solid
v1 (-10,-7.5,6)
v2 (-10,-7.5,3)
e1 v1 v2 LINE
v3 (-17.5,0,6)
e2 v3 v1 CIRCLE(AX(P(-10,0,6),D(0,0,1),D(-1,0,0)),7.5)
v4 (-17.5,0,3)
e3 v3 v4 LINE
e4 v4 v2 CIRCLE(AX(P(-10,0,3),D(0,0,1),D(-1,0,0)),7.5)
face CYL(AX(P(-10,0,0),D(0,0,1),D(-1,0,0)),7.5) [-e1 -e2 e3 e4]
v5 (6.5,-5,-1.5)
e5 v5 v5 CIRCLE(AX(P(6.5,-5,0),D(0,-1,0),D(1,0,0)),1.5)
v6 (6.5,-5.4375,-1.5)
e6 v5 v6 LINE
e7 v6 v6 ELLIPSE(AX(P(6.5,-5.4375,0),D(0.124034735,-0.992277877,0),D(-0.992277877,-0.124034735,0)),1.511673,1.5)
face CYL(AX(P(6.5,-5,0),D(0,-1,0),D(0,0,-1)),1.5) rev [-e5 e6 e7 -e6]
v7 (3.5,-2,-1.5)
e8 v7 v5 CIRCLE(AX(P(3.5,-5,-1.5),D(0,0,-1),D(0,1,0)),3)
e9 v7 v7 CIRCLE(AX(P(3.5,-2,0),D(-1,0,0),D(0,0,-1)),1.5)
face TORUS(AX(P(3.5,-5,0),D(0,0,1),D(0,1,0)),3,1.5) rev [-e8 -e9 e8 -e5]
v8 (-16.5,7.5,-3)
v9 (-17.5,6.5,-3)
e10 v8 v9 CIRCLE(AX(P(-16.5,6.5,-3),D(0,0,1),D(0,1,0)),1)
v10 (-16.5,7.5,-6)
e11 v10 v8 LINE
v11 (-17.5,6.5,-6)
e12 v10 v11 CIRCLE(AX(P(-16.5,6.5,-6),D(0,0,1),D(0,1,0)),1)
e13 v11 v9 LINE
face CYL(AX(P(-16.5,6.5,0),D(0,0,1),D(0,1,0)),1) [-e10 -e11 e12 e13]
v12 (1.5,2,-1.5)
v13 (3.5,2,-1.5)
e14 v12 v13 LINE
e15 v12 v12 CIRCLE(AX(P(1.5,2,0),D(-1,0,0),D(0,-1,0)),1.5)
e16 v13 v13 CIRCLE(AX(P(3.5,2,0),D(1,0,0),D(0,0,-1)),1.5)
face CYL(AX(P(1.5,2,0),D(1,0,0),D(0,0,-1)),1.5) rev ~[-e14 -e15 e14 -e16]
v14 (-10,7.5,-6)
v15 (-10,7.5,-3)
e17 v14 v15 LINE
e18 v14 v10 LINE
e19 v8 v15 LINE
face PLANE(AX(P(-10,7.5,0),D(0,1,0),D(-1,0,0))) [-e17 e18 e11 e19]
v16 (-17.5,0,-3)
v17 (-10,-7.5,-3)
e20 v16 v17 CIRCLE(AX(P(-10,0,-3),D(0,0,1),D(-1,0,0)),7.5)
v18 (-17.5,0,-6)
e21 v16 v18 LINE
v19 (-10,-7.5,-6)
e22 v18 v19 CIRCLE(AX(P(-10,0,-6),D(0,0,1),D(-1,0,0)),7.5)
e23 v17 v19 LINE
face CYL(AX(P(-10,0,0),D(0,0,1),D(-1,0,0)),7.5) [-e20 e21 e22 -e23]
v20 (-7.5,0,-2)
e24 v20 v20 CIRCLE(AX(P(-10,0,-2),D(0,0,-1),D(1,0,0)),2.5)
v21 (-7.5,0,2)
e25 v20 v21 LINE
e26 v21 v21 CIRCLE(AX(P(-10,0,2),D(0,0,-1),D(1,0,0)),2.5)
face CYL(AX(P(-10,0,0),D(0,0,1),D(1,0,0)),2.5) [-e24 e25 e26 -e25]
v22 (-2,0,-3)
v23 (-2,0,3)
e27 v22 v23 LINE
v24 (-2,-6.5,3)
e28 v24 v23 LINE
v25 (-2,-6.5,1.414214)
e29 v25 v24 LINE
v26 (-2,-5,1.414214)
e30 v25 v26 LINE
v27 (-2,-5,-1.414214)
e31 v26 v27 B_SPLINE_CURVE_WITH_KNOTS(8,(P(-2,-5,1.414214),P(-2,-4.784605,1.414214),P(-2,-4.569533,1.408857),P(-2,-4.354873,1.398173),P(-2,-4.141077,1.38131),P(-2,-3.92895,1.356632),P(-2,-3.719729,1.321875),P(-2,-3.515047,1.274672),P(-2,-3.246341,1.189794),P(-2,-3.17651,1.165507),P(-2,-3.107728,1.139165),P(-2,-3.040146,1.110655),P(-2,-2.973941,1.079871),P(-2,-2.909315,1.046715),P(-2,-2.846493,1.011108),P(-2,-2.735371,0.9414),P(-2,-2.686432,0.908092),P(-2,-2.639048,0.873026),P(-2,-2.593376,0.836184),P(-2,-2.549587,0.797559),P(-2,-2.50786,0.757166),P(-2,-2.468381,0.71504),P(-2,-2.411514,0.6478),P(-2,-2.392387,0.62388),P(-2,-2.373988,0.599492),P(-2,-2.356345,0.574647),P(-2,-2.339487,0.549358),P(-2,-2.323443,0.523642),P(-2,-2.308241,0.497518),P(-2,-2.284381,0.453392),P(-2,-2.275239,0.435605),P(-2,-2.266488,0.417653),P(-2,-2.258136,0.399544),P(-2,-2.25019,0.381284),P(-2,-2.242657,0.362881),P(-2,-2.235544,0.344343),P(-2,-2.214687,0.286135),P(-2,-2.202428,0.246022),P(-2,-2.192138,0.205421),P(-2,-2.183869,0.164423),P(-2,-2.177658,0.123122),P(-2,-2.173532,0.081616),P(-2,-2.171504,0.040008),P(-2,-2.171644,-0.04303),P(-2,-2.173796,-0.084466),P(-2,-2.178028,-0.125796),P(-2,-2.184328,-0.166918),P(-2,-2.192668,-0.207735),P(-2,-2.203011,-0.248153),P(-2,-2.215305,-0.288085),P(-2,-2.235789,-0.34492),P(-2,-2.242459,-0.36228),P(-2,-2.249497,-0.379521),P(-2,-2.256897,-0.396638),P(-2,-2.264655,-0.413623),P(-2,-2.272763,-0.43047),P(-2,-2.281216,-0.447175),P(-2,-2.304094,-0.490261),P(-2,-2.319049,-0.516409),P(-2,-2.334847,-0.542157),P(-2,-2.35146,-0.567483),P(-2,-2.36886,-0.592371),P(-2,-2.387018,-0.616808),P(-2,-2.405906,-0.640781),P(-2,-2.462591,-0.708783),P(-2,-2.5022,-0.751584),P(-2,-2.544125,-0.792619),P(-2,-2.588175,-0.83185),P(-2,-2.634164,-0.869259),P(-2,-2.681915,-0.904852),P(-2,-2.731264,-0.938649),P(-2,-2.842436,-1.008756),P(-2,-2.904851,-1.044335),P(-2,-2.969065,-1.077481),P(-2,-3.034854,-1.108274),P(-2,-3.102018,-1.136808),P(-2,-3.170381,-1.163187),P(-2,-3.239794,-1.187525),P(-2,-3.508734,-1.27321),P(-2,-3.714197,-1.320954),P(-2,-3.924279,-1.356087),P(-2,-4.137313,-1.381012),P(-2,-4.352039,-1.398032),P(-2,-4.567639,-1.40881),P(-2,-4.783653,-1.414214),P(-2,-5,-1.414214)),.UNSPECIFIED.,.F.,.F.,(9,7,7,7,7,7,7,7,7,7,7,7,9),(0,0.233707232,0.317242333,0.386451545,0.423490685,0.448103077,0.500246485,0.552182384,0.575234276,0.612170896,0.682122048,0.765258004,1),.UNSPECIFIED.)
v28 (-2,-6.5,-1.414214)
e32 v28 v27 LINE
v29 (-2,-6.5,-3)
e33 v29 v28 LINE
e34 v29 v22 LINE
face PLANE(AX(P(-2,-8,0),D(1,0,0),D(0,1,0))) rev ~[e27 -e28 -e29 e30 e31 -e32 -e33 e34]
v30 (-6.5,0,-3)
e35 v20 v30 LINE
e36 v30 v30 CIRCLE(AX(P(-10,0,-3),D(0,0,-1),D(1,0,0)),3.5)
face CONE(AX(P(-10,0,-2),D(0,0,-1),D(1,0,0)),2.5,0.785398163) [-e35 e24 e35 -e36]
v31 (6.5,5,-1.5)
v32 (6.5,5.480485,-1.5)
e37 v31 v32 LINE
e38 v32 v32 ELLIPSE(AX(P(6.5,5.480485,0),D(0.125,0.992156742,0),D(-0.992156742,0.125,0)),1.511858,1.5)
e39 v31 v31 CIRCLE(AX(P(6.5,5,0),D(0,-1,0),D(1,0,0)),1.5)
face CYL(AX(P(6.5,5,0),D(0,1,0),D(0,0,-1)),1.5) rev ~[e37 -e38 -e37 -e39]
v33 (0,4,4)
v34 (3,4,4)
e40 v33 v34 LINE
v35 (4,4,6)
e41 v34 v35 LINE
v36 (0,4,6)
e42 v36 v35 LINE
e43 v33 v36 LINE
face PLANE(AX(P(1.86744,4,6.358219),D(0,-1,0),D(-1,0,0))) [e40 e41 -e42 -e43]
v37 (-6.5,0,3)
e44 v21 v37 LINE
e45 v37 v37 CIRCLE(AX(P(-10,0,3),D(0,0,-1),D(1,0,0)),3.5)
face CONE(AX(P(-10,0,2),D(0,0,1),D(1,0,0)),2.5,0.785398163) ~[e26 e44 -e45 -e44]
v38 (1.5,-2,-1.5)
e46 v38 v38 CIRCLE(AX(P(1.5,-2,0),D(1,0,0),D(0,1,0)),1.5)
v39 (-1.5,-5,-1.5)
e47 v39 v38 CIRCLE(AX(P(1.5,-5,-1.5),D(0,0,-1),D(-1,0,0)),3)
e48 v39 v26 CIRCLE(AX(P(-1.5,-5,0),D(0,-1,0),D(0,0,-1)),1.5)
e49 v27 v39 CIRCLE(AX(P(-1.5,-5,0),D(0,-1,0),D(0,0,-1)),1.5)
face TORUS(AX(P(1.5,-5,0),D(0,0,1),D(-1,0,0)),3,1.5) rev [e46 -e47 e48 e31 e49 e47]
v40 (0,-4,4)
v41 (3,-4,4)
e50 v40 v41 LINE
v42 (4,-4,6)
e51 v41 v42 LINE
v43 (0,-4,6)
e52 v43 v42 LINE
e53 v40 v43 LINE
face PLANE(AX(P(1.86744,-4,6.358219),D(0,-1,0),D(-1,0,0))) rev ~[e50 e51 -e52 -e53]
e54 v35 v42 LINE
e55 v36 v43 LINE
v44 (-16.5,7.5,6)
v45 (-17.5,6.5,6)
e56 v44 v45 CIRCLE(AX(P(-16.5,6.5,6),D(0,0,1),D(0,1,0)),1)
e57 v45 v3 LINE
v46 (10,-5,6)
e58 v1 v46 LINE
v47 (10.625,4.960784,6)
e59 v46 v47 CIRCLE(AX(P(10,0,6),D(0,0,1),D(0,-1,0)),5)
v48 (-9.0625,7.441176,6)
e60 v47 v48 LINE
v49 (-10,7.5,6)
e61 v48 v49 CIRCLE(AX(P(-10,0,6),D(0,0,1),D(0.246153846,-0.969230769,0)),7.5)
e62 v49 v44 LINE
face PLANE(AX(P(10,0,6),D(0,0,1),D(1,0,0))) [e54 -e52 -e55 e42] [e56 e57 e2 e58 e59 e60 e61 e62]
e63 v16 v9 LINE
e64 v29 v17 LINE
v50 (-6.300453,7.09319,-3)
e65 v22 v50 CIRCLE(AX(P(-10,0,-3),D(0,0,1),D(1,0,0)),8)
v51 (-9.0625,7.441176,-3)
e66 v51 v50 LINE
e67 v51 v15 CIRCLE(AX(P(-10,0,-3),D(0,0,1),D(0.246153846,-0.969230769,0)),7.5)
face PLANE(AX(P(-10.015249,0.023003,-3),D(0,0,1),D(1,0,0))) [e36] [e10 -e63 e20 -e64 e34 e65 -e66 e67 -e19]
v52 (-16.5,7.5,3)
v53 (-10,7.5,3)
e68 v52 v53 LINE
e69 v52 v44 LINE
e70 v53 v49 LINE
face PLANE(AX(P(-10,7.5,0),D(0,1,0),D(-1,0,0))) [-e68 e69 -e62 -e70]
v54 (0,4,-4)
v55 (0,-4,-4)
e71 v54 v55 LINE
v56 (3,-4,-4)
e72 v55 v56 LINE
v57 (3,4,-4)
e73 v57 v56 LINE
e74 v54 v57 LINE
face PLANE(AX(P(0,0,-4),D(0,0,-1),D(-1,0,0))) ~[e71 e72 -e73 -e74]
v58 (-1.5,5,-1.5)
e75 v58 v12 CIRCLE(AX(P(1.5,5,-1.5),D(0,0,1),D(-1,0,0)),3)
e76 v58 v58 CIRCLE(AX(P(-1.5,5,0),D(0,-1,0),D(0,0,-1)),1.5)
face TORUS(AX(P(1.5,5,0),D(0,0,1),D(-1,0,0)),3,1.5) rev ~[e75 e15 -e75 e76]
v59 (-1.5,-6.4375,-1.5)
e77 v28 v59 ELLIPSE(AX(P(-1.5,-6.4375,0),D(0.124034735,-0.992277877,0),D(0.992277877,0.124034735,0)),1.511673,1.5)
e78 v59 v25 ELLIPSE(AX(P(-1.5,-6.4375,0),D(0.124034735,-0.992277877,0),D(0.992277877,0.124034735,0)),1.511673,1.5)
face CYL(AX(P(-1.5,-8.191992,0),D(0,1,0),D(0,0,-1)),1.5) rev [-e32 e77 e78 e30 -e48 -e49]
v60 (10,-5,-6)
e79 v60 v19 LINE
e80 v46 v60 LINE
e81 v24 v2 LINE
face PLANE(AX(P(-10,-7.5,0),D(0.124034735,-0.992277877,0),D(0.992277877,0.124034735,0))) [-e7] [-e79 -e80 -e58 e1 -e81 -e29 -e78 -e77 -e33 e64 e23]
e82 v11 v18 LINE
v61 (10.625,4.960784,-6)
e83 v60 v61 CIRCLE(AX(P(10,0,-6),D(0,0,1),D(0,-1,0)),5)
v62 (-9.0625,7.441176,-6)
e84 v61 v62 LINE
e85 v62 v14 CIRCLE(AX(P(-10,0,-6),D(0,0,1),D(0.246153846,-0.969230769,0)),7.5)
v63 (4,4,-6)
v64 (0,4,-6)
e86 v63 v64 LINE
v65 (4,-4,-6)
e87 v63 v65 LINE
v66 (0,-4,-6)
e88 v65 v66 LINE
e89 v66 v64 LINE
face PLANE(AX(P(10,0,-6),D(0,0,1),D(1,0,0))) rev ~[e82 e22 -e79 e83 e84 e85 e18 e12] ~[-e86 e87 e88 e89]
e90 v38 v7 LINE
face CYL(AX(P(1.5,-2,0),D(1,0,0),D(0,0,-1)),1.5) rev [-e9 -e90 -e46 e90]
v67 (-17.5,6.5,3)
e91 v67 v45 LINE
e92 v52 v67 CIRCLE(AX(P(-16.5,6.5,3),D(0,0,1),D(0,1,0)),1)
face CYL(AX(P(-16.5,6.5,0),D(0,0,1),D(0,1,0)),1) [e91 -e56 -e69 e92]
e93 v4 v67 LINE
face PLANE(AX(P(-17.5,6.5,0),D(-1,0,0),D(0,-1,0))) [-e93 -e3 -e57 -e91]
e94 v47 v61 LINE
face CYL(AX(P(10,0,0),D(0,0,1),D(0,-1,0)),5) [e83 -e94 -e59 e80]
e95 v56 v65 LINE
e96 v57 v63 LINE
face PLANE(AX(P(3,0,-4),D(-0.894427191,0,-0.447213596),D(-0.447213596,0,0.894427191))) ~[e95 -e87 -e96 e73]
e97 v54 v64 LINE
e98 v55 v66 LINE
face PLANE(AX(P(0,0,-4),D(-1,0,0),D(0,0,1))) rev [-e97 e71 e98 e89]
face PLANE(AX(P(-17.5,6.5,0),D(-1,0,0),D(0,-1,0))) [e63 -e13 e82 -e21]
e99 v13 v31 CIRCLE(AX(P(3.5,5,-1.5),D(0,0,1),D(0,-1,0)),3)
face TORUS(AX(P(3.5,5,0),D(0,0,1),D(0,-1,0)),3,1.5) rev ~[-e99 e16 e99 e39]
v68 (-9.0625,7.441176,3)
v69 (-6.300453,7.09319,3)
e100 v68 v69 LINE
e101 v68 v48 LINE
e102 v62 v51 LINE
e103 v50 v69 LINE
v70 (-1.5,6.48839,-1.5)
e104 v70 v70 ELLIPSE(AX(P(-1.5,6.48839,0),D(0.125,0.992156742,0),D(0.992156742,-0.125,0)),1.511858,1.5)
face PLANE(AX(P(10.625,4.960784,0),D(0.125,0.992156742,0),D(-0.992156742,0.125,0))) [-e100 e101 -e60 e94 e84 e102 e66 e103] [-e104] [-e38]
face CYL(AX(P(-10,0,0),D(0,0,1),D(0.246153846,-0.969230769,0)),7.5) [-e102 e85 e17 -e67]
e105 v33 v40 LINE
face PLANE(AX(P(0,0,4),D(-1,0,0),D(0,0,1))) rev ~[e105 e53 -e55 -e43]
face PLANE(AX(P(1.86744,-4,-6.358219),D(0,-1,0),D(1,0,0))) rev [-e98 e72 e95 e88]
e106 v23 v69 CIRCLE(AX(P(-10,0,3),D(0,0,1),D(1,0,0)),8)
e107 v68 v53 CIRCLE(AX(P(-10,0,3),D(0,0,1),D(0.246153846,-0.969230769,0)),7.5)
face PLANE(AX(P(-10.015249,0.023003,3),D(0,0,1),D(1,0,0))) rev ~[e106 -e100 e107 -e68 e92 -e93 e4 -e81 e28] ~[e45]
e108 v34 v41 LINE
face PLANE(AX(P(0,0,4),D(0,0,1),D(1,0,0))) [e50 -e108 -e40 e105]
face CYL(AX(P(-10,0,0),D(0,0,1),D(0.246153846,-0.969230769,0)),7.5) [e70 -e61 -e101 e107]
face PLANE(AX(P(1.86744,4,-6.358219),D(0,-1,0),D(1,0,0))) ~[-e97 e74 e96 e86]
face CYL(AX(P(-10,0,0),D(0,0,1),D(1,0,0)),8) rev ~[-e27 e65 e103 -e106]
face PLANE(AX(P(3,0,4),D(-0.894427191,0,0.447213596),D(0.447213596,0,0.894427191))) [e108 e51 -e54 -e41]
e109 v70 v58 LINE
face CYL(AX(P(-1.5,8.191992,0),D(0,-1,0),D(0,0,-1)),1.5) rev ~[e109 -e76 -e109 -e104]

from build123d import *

# Parameters (mm, degrees)
BOSS_EXTRUDE1_DEPTH  = 6
SKETCH1_3_R          = 2.5000000000000004
BOSS_EXTRUDE2_DEPTH  = 6
BOSS_EXTRUDE3_DEPTH  = 6
CUT_EXTRUDE3_DEPTH   = 3
CUT_SWEEP5_PROFILE_R = 1.5
SKETCH1_7_R          = 2.5000000000000004
BOSS_EXTRUDE4_DEPTH  = 6
CHAMFER1_SIZE        = 1
CUT_EXTRUDE4_DEPTH   = 4


with BuildPart() as part:
    # Sketch1 → Boss-Extrude1 (new, symmetric)
    with BuildSketch(Plane.XY):
        with BuildLine():
            Line((10.624999999999998, 4.960783708246109), (-9.062500000000002, 7.4411755623691604))
            ThreePointArc((-9.062499999999998, 7.4411755623691604), (-2.514267183902718, 0.46238966900684386), (-8.153846153846445, -7.269230769230843))
            Line((-8.153846153846452, -7.2692307692308065), (10, -5))
            ThreePointArc((10.000000000000004, -4.999999999999998), (5.009813703816735, 0.31311456271583826), (10.625, 4.9607837082461055))
        make_face()
    extrude(amount=BOSS_EXTRUDE1_DEPTH, both=True)

    # Sketch1<3> → Boss-Extrude2 (add, symmetric)
    with BuildSketch(Plane.XY):
        with BuildLine():
            ThreePointArc((-8.153846153846445, -7.269230769230843), (-2.514267183902718, 0.46238966900684386), (-9.062499999999998, 7.4411755623691604))
            ThreePointArc((-9.062499999999998, 7.4411755623691604), (-9.530328155926242, 7.4852794442749), (-9.999999999999998, 7.5))
            Line((-10, 7.5), (-16.499999999999993, 7.5))
            ThreePointArc((-16.499999999999993, 7.499999999999999), (-17.207106781186546, 7.207106781186547), (-17.5, 6.499999999999993))
            Line((-17.5, 6.499999999999993), (-17.5, 0))
            ThreePointArc((-17.5, 0), (-15.303300858899107, -5.303300858899105), (-10.000000000000002, -7.5))
            Line((-10, -7.5), (-8.153846153846452, -7.2692307692308065))
        make_face()
        with Locations((-10, 0)):
            Circle(SKETCH1_3_R, mode=Mode.SUBTRACT)
    extrude(amount=BOSS_EXTRUDE2_DEPTH, both=True)

    # Sketch1<5> → Boss-Extrude3 (add, symmetric)
    with BuildSketch(Plane.XY):
        with BuildLine():
            ThreePointArc((14.999999999999998, 0), (13.749999999999998, 3.3071891388307373), (10.625, 4.9607837082461055))
            ThreePointArc((10.625, 4.9607837082461055), (5.009813703816735, 0.31311456271583826), (10.000000000000004, -4.999999999999998))
            ThreePointArc((9.999999999999998, -4.999999999999998), (13.535533905932736, -3.5355339059327373), (14.999999999999998, -1.22e-15))
        make_face()
    extrude(amount=BOSS_EXTRUDE3_DEPTH, both=True)

    # Sketch2 → Cut-Extrude3 (cut, symmetric)
    with BuildSketch(Plane.XY):
        with BuildLine():
            Line((-1.9999999999999991, -7.999999999999998), (-2, 9.8e-16))
            ThreePointArc((-2, 9.8e-16), (-4.343145750507631, 5.656854249492391), (-10.000000000000028, 7.999999999999998))
            Line((-10.000000000000028, 7.999999999999998), (-18, 8.108199506438751))
            Line((-18, 8.108199506438751), (-18, -5.586e-14))
            ThreePointArc((-18, -5.586e-14), (-15.656854249492358, -5.656854249492399), (-9.999999999999998, -7.999999999999997))
            Line((-9.999999999999998, -7.9999999999999964), (-1.9999999999999991, -7.999999999999998))
        make_face()
    extrude(amount=CUT_EXTRUDE3_DEPTH, both=True, mode=Mode.SUBTRACT)

    # Cut-Sweep5: sweep along a path in Sketch3
    with BuildLine(Plane.XY) as cut_sweep5_path:
        Line((-1.5, 8.191992315378618), (-1.5, 6.488390119991735))
        Line((-1.5, 6.488390119991735), (-1.5000000000000004, 5.000000000000001))
        ThreePointArc((-1.5000000000000004, 5.000000000000001), (-0.6213203435596422, 2.878679656440358), (1.5000000000000004, 2.0000000000000004))
        Line((1.5000000000000004, 2.0000000000000004), (3.4999999999999987, 1.9999999999999996))
        ThreePointArc((3.4999999999999987, 1.9999999999999996), (5.621320343559642, 2.8786796564403576), (6.5, 5.000000000000001))
        Line((6.5, 5.000000000000001), (6.5, 5.480484858633797))
        Line((6.5, 5.480484858633797), (6.5, 8.191992315378616))
    # Cut-Sweep5 profile (on start of the path) → Cut-Sweep5 (sweep, cut)
    with BuildSketch(Plane(origin=(-1.5, 8.191992315378618, 0), x_dir=(0, 0, -1), z_dir=(0, -1, 0))):
        Circle(CUT_SWEEP5_PROFILE_R)
    cut_sweep5 = sweep(path=cut_sweep5_path.line, mode=Mode.SUBTRACT)

    # Mirror4: Cut-Sweep5 across plane
    add(cut_sweep5.mirror(Plane.ZX), mode=Mode.SUBTRACT)

    # Sketch1<7> → Boss-Extrude4 (add, symmetric)
    with BuildSketch(Plane.XY):
        with Locations((-10, 0)):
            Circle(SKETCH1_7_R)
    extrude(amount=BOSS_EXTRUDE4_DEPTH, both=True)

    # Chamfer1
    chamfer1_edges = [part.edges().sort_by_distance(p)[0] for p in [
        (-12.5, -3.1e-16, 3),
        (-12.5, -3.1e-16, -3),
    ]]
    chamfer(chamfer1_edges, length=CHAMFER1_SIZE)

    # Sketch130 → Cut-Extrude4 (cut, symmetric)
    with BuildSketch(Plane(origin=(0, 0, 0), x_dir=(1, 0, 0), z_dir=(0, 1, 0))):
        Polygon((0, -6), (0, -4), (3, -4), (4.000000000000002, -6), (4.000000000000002, -8.476045259091649), (0, -8.476045259091649), align=None)
    cut_extrude4 = extrude(amount=CUT_EXTRUDE4_DEPTH, both=True, mode=Mode.SUBTRACT)

    # Mirror5: Cut-Extrude4 across plane
    add(cut_extrude4.mirror(Plane.XY), mode=Mode.SUBTRACT)


solid = part.part
